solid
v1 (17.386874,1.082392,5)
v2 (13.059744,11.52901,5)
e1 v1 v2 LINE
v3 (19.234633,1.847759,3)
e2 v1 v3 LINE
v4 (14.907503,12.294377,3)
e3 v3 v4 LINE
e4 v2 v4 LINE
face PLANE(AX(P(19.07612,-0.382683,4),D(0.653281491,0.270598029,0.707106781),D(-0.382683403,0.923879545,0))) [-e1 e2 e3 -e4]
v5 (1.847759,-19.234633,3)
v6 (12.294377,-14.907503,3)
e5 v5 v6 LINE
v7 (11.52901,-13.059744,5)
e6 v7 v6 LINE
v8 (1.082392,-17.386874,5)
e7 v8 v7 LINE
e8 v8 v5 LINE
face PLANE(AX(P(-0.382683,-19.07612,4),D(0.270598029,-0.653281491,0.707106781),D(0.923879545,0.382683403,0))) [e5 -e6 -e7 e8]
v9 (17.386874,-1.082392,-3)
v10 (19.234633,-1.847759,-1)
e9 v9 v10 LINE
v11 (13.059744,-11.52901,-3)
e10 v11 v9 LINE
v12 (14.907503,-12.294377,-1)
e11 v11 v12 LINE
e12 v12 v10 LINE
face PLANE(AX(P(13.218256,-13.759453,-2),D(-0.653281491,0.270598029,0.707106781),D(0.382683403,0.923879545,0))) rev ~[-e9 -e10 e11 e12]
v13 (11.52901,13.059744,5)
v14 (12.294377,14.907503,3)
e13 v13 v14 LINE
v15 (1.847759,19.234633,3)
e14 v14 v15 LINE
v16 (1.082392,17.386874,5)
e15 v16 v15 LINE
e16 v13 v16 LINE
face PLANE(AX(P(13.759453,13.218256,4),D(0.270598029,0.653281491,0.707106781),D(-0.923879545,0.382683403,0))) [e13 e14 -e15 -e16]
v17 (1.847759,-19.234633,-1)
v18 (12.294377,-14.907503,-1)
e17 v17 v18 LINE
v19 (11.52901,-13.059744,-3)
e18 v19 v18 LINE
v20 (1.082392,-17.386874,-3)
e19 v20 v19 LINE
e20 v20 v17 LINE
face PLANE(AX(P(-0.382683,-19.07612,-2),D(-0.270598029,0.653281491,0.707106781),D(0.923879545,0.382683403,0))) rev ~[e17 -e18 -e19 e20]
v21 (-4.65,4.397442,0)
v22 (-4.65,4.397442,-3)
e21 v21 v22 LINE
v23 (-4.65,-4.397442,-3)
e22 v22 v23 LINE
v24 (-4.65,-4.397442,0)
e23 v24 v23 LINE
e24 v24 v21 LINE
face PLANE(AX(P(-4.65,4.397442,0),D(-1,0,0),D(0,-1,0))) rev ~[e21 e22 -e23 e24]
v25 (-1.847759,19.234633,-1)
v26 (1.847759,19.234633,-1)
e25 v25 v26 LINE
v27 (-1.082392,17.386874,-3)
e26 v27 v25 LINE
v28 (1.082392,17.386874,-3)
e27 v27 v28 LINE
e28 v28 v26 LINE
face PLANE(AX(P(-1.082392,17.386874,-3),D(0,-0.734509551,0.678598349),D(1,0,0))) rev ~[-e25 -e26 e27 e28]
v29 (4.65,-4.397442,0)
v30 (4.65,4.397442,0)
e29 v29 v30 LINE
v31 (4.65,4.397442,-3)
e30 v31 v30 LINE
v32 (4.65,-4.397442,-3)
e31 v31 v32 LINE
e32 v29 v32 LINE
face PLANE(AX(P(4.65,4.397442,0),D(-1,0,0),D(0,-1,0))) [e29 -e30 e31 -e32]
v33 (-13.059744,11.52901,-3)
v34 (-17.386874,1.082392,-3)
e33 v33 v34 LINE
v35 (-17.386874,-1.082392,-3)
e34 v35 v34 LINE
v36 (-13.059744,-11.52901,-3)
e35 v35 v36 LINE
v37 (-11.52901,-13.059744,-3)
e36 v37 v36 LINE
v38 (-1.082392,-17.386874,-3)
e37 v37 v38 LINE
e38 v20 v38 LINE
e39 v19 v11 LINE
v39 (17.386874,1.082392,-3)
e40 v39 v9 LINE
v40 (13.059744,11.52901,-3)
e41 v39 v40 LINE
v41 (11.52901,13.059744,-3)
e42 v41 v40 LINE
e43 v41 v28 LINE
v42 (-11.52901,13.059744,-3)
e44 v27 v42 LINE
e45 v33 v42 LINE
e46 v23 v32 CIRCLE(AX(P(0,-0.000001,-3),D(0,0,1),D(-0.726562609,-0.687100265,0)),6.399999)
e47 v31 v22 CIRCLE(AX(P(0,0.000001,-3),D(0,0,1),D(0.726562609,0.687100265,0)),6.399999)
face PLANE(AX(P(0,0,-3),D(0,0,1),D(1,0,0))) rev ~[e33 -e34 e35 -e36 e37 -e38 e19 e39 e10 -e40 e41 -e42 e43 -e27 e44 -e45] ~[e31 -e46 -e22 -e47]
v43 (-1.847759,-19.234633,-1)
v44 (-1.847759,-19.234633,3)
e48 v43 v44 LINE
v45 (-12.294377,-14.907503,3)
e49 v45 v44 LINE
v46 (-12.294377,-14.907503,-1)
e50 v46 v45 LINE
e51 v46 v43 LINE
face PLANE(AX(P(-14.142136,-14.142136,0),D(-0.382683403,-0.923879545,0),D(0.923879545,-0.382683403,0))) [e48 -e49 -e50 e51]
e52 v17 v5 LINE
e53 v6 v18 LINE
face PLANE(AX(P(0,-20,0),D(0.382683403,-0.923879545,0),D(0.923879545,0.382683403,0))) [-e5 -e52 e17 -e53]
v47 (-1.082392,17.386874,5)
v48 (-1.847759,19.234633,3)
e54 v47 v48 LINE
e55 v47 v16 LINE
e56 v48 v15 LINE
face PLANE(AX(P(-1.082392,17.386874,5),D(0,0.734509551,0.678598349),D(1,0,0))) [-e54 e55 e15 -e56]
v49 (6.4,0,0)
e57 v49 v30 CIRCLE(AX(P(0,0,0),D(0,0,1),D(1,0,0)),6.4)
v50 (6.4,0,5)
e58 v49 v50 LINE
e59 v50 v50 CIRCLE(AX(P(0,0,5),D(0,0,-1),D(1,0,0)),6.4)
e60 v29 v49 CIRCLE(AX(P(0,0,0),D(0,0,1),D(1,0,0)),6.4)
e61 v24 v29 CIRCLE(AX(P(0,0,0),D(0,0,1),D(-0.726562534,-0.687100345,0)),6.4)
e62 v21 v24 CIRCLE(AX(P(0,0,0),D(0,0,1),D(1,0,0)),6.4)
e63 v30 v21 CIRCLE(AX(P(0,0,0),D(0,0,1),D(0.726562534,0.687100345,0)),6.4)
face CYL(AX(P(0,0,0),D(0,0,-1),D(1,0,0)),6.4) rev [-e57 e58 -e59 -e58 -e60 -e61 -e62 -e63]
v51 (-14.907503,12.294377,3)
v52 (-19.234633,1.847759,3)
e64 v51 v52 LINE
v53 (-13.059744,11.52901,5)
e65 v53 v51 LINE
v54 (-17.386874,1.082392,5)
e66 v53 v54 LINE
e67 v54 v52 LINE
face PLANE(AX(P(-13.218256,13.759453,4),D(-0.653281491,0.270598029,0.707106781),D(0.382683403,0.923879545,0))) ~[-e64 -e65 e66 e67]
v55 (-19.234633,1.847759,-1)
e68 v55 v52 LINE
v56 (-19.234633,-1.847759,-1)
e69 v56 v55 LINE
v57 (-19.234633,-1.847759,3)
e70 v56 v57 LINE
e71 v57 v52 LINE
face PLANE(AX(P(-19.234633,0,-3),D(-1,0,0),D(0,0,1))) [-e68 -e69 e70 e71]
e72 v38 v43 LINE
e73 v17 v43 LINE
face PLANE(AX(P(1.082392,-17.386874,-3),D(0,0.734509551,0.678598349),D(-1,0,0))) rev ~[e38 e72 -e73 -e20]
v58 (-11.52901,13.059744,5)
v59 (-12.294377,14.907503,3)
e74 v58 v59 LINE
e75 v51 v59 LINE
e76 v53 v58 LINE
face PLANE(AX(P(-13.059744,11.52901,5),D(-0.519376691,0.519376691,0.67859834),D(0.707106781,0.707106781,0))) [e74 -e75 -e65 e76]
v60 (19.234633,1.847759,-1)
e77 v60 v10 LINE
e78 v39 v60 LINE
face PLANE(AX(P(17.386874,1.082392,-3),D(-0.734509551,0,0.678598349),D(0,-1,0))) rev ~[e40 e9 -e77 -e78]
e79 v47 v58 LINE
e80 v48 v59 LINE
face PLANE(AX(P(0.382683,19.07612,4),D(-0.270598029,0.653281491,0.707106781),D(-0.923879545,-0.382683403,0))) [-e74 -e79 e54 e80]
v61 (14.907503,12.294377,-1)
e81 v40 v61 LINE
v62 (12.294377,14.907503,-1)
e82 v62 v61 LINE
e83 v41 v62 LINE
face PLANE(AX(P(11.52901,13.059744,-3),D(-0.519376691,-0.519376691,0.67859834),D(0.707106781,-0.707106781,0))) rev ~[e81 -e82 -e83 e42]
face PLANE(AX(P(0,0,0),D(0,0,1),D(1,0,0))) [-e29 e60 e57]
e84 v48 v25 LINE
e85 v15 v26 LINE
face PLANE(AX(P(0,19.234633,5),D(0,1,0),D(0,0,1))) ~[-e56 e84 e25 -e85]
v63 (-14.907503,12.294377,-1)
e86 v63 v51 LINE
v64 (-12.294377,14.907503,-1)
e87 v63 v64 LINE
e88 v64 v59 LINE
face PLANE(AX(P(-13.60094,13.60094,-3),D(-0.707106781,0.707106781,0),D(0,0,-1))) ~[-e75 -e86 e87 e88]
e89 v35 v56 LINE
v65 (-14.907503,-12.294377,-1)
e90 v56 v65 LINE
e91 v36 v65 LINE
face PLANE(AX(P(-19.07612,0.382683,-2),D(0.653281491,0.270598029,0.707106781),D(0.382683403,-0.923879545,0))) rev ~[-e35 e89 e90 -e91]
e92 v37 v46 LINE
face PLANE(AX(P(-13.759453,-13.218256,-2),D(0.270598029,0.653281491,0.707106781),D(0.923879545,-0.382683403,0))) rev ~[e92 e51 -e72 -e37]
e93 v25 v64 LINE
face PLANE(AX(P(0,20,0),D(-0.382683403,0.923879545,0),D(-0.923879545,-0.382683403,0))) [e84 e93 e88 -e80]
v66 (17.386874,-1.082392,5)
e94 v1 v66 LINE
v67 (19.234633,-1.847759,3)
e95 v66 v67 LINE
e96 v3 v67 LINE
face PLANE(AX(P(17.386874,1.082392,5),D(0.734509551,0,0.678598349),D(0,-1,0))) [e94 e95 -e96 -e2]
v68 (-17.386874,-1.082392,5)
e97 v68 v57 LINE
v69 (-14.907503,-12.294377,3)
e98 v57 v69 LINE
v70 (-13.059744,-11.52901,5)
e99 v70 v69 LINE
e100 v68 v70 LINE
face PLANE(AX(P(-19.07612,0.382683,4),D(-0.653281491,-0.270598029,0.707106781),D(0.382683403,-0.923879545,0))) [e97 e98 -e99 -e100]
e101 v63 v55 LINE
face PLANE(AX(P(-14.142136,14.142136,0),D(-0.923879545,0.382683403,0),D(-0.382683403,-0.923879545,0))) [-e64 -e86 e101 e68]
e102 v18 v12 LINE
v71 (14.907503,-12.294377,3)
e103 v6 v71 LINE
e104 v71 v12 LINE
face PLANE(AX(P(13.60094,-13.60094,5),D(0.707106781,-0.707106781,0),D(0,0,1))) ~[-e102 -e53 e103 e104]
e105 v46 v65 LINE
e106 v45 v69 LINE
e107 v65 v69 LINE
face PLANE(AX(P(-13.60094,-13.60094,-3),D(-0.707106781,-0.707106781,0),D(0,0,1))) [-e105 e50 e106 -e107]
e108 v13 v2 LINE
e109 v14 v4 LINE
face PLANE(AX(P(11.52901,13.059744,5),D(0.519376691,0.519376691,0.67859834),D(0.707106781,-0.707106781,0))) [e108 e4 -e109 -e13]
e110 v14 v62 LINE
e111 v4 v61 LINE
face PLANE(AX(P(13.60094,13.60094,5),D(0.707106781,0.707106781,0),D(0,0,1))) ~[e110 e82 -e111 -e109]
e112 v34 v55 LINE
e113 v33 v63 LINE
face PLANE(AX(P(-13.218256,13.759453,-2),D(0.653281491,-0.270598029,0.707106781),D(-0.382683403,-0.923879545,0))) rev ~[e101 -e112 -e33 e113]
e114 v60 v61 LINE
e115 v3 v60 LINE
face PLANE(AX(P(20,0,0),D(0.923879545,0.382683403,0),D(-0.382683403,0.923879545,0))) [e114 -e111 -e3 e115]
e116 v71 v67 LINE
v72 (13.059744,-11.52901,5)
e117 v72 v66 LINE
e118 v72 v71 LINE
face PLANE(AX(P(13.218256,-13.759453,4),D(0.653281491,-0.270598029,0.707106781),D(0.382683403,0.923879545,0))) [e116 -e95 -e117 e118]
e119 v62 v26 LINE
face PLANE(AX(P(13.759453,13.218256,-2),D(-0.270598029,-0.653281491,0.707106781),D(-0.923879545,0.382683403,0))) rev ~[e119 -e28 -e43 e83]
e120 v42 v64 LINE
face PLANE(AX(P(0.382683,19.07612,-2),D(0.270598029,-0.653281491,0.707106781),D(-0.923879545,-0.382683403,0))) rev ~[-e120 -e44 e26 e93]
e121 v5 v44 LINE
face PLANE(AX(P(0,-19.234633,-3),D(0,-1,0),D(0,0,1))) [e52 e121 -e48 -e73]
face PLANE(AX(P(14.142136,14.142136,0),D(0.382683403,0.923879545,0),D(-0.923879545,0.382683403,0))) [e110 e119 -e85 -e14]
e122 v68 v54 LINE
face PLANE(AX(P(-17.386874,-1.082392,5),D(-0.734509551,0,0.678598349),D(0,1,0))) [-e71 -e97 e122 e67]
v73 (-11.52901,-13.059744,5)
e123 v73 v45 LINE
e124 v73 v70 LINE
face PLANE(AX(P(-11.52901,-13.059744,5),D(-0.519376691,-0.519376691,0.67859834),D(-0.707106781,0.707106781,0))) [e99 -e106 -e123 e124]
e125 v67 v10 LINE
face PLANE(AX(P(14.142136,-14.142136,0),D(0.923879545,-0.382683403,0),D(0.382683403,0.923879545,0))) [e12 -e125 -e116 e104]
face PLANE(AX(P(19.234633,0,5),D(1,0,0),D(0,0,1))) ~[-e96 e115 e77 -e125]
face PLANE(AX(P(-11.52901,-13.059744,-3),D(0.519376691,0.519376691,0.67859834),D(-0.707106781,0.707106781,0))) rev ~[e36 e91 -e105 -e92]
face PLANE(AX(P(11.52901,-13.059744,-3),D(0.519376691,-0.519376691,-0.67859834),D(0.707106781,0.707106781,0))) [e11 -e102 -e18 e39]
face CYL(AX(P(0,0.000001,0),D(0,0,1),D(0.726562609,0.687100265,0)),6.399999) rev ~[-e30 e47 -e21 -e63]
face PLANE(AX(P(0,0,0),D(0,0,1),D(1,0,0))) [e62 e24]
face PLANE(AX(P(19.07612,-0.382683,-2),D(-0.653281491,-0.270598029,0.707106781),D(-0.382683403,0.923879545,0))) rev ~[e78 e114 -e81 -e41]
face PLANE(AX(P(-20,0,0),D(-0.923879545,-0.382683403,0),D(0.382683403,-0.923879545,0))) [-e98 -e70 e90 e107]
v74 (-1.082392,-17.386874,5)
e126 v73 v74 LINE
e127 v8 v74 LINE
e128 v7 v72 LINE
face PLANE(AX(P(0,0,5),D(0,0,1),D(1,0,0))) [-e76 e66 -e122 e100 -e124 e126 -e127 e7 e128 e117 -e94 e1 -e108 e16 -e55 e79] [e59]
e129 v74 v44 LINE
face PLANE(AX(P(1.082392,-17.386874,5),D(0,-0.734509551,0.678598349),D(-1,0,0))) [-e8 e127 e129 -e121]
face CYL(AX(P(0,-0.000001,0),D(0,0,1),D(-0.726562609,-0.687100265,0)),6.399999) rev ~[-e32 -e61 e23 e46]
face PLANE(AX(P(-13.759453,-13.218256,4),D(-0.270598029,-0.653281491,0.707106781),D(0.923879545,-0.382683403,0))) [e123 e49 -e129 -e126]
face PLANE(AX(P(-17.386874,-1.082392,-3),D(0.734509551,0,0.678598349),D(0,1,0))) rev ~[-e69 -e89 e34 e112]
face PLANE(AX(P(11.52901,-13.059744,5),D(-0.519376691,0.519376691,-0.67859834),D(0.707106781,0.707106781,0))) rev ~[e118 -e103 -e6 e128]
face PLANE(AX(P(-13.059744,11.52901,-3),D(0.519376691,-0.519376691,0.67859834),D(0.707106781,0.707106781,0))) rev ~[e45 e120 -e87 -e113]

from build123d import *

# Parameters (mm, degrees)
PAD_DEPTH      = 5
PAD_DEPTH_BACK = 3
SKETCH002_R    = 6.4
POCKET_DEPTH   = 5.001
CHAMFER_SIZE   = 2


with BuildPart() as part:
    # Sketch → Pad (new body, two sides)
    with BuildSketch(Plane.XY) as pad_sk:
        Polygon((0, 20), (-14.142136, 14.142136), (-20, 0), (-14.142136, -14.142136), (0, -20), (14.142136, -14.142136), (20, 0), (14.142136, 14.142136), align=None)
        with BuildLine():
            Line((4.65, 4.397442), (4.65, -4.397442))
            ThreePointArc((-4.65, -4.397442), (0, -6.4), (4.65, -4.397442))
            Line((-4.65, 4.397442), (-4.65, -4.397442))
            ThreePointArc((4.65, 4.397442), (0, 6.4), (-4.65, 4.397442))
        make_face(mode=Mode.SUBTRACT)
    extrude(amount=PAD_DEPTH)
    extrude(pad_sk.sketch, amount=-PAD_DEPTH_BACK)

    # Sketch002 → Pocket (cut, through all)
    with BuildSketch(Plane.XY):
        Circle(SKETCH002_R)
    extrude(amount=POCKET_DEPTH, mode=Mode.SUBTRACT)

    # Chamfer
    chamfer_edges = [part.edges().sort_by_distance(p)[0] for p in [
        (0, -20, 1),
        (14.142136, -14.142136, 1),
        (7.071068, -17.071068, -3),
        (7.071068, -17.071068, 5),
        (-14.142136, -14.142136, 1),
        (-7.071068, -17.071068, -3),
        (-7.071068, -17.071068, 5),
        (-20, 0, 1),
        (-17.071068, -7.071068, -3),
        (-17.071068, -7.071068, 5),
        (-14.142136, 14.142136, 1),
        (-17.071068, 7.071068, -3),
        (-17.071068, 7.071068, 5),
        (0, 20, 1),
        (-7.071068, 17.071068, -3),
        (-7.071068, 17.071068, 5),
        (14.142136, 14.142136, 1),
        (7.071068, 17.071068, -3),
        (7.071068, 17.071068, 5),
        (20, 0, 1),
        (17.071068, 7.071068, -3),
        (17.071068, 7.071068, 5),
        (17.071068, -7.071068, -3),
        (17.071068, -7.071068, 5),
    ]]
    chamfer(chamfer_edges, length=CHAMFER_SIZE)


solid = part.part
